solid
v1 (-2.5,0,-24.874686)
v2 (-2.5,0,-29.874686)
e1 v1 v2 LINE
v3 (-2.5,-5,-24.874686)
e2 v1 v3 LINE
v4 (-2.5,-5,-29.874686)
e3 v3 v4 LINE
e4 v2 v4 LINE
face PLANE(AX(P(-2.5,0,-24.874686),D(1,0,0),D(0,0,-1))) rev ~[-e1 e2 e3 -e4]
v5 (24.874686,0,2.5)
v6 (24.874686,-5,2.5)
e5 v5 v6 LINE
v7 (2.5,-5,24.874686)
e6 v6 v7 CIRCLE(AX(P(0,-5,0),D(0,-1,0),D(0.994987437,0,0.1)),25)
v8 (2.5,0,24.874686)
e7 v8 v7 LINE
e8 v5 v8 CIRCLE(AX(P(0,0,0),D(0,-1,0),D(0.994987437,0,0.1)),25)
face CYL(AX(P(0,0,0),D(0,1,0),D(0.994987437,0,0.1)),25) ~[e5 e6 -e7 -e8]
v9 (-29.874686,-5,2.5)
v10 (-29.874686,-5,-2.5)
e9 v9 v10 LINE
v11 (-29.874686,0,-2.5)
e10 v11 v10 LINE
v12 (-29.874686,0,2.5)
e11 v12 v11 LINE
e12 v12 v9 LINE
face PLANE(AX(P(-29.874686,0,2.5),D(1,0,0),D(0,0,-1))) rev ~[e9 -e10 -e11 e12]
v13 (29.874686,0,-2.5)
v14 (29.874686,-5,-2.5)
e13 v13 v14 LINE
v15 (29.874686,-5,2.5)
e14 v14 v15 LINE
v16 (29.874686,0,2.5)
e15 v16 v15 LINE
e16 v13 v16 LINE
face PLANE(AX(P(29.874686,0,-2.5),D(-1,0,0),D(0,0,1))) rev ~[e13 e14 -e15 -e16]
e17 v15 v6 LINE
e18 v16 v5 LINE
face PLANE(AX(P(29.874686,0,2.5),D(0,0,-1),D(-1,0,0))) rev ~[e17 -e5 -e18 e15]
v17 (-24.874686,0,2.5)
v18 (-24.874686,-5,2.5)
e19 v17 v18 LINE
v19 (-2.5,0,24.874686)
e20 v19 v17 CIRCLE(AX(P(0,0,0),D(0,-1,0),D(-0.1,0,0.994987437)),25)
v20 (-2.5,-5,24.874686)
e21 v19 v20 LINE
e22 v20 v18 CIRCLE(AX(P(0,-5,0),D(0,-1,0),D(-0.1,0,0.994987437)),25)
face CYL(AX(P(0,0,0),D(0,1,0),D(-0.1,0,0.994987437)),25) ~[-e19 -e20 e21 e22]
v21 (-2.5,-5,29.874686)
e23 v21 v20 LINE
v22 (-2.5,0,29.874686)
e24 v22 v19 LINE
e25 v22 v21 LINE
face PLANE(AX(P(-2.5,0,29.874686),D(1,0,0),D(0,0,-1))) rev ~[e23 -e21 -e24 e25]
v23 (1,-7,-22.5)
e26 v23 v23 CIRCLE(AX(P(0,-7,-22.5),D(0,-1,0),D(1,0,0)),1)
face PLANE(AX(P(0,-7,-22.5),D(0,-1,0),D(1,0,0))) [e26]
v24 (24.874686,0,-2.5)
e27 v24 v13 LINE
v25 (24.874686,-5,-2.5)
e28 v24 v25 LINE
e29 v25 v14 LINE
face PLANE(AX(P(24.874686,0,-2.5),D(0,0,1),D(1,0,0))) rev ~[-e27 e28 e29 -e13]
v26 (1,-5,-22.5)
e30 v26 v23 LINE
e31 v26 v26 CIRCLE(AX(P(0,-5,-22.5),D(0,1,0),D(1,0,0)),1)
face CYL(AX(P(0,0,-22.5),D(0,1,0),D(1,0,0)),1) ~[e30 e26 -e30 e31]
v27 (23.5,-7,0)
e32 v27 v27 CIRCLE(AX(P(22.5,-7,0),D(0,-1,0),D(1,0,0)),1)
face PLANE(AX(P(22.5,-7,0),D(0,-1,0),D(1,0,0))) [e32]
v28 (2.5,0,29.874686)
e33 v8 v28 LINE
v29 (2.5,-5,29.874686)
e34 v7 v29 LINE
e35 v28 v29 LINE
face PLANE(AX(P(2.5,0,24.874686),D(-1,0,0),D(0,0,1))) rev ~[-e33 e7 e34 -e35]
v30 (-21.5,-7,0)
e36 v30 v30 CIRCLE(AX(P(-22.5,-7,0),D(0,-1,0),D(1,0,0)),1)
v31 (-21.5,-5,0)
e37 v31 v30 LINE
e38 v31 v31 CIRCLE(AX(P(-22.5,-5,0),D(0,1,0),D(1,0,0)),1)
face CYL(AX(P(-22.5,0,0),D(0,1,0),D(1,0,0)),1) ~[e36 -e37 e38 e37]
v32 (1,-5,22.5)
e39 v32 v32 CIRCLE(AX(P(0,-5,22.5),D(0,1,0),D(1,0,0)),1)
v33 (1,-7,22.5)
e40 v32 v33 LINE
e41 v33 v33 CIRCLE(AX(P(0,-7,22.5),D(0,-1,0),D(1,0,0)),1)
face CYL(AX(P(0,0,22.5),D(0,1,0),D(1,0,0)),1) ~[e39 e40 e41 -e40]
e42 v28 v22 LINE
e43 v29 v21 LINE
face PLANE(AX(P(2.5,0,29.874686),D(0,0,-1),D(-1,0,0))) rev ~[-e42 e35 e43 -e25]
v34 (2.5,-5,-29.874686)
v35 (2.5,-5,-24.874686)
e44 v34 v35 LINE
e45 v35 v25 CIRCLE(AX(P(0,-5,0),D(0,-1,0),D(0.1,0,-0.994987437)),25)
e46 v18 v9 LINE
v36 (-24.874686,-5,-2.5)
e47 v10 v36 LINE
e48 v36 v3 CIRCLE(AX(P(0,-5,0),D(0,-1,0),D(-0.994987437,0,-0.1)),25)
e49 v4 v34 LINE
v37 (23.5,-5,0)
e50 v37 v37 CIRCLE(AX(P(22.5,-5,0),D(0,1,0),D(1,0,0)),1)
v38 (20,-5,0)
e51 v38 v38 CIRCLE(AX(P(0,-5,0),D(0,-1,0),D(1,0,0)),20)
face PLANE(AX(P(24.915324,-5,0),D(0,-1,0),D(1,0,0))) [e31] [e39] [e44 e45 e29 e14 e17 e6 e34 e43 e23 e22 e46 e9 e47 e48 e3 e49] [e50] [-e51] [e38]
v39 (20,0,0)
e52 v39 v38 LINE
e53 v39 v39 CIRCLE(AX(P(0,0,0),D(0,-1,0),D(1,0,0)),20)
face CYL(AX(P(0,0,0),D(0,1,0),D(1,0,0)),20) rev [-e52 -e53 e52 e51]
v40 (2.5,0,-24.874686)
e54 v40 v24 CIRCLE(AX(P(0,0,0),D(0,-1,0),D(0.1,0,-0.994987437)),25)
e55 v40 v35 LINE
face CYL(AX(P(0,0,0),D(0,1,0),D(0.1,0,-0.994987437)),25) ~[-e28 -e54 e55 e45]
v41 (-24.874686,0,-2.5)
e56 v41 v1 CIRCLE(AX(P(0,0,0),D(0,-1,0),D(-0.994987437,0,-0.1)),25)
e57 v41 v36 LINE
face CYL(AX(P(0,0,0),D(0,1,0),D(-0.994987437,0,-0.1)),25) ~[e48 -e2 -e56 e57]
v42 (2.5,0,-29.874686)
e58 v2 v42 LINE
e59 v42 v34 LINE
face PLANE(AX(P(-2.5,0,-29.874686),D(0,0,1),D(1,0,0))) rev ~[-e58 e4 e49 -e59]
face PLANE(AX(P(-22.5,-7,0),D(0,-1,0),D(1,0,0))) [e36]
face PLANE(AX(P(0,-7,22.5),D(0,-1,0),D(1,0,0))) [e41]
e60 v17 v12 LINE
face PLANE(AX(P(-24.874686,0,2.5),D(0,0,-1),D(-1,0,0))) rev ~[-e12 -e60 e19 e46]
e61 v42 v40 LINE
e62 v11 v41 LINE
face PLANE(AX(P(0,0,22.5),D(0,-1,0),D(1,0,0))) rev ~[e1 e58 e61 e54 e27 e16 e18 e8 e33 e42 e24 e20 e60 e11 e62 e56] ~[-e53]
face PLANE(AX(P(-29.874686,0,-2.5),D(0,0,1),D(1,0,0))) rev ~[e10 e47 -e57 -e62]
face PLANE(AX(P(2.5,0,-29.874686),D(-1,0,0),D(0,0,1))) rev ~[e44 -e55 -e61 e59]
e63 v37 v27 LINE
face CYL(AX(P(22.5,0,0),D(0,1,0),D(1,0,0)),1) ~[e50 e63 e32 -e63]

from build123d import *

# Parameters (mm, degrees)
F0_R     = 20
F1_DEPTH = 5
F2_R     = 1
F3_DEPTH = 7


with BuildPart() as f1:
    # F0 (on Front) → F1 (new body)
    with BuildSketch(Plane.XZ):
        with BuildLine():
            ThreePointArc((24.8746859277, -2.5), (24.9686518278, -1.2515693765), (25, 0))
            ThreePointArc((25, 0), (24.9686518278, 1.2515693765), (24.8746859277, 2.5))
            Line((24.8746859277, 2.5), (24.8746859277, -2.5))
        make_face()
        with BuildLine():
            ThreePointArc((24.8746859277, 2.5), (24.9686518278, 1.2515693765), (25, 0))
            ThreePointArc((25, 0), (24.9686518278, -1.2515693765), (24.8746859277, -2.5))
            Line((24.8746859277, -2.5), (29.8746859277, -2.5))
            Line((29.8746859277, -2.5), (29.8746859277, 2.5))
            Line((29.8746859277, 2.5), (24.8746859277, 2.5))
        make_face()
        with BuildLine():
            Line((24.8746859277, -2.5), (24.8746859277, 2.5))
            ThreePointArc((24.8746859277, 2.5), (17.6776695297, 17.6776695297), (2.5, 24.8746859277))
            Line((2.5, 24.8746859277), (-2.5, 24.8746859277))
            ThreePointArc((-2.5, 24.8746859277), (-17.6776695297, 17.6776695297), (-24.8746859277, 2.5))
            ThreePointArc((-24.8746859277, 2.5), (-25, 0), (-24.8746859277, -2.5))
            ThreePointArc((-24.8746859277, -2.5), (-17.6776695297, -17.6776695297), (-2.5, -24.8746859277))
            ThreePointArc((-2.5, -24.8746859277), (0, -25), (2.5, -24.8746859277))
            ThreePointArc((2.5, -24.8746859277), (17.6776695297, -17.6776695297), (24.8746859277, -2.5))
        make_face()
        Circle(F0_R, mode=Mode.SUBTRACT)
        with BuildLine():
            Line((-2.5, 24.8746859277), (2.5, 24.8746859277))
            ThreePointArc((2.5, 24.8746859277), (0, 25), (-2.5, 24.8746859277))
        make_face()
        with BuildLine():
            ThreePointArc((-2.5, 24.8746859277), (0, 25), (2.5, 24.8746859277))
            Line((2.5, 24.8746859277), (2.5, 29.8746859277))
            Line((2.5, 29.8746859277), (-2.5, 29.8746859277))
            Line((-2.5, 29.8746859277), (-2.5, 24.8746859277))
        make_face()
        with BuildLine():
            Line((2.5, -29.8746859277), (2.5, -24.8746859277))
            ThreePointArc((2.5, -24.8746859277), (0, -25), (-2.5, -24.8746859277))
            Line((-2.5, -24.8746859277), (-2.5, -29.8746859277))
            Line((-2.5, -29.8746859277), (2.5, -29.8746859277))
        make_face()
        with BuildLine():
            ThreePointArc((-24.8746859277, -2.5), (-25, 0), (-24.8746859277, 2.5))
            Line((-24.8746859277, 2.5), (-29.8746859277, 2.5))
            Line((-29.8746859277, 2.5), (-29.8746859277, -2.5))
            Line((-29.8746859277, -2.5), (-24.8746859277, -2.5))
        make_face()
    extrude(amount=F1_DEPTH)

    # F2 (on Front) → F3 (join)
    with BuildSketch(Plane.XZ):
        with Locations((0, 22.5)):
            Circle(F2_R)
        with Locations((0, -22.5)):
            Circle(F2_R)
        with Locations((22.5, 0)):
            Circle(F2_R)
        with Locations((-22.5, 0)):
            Circle(F2_R)
    extrude(amount=F3_DEPTH)


solid = f1.part
